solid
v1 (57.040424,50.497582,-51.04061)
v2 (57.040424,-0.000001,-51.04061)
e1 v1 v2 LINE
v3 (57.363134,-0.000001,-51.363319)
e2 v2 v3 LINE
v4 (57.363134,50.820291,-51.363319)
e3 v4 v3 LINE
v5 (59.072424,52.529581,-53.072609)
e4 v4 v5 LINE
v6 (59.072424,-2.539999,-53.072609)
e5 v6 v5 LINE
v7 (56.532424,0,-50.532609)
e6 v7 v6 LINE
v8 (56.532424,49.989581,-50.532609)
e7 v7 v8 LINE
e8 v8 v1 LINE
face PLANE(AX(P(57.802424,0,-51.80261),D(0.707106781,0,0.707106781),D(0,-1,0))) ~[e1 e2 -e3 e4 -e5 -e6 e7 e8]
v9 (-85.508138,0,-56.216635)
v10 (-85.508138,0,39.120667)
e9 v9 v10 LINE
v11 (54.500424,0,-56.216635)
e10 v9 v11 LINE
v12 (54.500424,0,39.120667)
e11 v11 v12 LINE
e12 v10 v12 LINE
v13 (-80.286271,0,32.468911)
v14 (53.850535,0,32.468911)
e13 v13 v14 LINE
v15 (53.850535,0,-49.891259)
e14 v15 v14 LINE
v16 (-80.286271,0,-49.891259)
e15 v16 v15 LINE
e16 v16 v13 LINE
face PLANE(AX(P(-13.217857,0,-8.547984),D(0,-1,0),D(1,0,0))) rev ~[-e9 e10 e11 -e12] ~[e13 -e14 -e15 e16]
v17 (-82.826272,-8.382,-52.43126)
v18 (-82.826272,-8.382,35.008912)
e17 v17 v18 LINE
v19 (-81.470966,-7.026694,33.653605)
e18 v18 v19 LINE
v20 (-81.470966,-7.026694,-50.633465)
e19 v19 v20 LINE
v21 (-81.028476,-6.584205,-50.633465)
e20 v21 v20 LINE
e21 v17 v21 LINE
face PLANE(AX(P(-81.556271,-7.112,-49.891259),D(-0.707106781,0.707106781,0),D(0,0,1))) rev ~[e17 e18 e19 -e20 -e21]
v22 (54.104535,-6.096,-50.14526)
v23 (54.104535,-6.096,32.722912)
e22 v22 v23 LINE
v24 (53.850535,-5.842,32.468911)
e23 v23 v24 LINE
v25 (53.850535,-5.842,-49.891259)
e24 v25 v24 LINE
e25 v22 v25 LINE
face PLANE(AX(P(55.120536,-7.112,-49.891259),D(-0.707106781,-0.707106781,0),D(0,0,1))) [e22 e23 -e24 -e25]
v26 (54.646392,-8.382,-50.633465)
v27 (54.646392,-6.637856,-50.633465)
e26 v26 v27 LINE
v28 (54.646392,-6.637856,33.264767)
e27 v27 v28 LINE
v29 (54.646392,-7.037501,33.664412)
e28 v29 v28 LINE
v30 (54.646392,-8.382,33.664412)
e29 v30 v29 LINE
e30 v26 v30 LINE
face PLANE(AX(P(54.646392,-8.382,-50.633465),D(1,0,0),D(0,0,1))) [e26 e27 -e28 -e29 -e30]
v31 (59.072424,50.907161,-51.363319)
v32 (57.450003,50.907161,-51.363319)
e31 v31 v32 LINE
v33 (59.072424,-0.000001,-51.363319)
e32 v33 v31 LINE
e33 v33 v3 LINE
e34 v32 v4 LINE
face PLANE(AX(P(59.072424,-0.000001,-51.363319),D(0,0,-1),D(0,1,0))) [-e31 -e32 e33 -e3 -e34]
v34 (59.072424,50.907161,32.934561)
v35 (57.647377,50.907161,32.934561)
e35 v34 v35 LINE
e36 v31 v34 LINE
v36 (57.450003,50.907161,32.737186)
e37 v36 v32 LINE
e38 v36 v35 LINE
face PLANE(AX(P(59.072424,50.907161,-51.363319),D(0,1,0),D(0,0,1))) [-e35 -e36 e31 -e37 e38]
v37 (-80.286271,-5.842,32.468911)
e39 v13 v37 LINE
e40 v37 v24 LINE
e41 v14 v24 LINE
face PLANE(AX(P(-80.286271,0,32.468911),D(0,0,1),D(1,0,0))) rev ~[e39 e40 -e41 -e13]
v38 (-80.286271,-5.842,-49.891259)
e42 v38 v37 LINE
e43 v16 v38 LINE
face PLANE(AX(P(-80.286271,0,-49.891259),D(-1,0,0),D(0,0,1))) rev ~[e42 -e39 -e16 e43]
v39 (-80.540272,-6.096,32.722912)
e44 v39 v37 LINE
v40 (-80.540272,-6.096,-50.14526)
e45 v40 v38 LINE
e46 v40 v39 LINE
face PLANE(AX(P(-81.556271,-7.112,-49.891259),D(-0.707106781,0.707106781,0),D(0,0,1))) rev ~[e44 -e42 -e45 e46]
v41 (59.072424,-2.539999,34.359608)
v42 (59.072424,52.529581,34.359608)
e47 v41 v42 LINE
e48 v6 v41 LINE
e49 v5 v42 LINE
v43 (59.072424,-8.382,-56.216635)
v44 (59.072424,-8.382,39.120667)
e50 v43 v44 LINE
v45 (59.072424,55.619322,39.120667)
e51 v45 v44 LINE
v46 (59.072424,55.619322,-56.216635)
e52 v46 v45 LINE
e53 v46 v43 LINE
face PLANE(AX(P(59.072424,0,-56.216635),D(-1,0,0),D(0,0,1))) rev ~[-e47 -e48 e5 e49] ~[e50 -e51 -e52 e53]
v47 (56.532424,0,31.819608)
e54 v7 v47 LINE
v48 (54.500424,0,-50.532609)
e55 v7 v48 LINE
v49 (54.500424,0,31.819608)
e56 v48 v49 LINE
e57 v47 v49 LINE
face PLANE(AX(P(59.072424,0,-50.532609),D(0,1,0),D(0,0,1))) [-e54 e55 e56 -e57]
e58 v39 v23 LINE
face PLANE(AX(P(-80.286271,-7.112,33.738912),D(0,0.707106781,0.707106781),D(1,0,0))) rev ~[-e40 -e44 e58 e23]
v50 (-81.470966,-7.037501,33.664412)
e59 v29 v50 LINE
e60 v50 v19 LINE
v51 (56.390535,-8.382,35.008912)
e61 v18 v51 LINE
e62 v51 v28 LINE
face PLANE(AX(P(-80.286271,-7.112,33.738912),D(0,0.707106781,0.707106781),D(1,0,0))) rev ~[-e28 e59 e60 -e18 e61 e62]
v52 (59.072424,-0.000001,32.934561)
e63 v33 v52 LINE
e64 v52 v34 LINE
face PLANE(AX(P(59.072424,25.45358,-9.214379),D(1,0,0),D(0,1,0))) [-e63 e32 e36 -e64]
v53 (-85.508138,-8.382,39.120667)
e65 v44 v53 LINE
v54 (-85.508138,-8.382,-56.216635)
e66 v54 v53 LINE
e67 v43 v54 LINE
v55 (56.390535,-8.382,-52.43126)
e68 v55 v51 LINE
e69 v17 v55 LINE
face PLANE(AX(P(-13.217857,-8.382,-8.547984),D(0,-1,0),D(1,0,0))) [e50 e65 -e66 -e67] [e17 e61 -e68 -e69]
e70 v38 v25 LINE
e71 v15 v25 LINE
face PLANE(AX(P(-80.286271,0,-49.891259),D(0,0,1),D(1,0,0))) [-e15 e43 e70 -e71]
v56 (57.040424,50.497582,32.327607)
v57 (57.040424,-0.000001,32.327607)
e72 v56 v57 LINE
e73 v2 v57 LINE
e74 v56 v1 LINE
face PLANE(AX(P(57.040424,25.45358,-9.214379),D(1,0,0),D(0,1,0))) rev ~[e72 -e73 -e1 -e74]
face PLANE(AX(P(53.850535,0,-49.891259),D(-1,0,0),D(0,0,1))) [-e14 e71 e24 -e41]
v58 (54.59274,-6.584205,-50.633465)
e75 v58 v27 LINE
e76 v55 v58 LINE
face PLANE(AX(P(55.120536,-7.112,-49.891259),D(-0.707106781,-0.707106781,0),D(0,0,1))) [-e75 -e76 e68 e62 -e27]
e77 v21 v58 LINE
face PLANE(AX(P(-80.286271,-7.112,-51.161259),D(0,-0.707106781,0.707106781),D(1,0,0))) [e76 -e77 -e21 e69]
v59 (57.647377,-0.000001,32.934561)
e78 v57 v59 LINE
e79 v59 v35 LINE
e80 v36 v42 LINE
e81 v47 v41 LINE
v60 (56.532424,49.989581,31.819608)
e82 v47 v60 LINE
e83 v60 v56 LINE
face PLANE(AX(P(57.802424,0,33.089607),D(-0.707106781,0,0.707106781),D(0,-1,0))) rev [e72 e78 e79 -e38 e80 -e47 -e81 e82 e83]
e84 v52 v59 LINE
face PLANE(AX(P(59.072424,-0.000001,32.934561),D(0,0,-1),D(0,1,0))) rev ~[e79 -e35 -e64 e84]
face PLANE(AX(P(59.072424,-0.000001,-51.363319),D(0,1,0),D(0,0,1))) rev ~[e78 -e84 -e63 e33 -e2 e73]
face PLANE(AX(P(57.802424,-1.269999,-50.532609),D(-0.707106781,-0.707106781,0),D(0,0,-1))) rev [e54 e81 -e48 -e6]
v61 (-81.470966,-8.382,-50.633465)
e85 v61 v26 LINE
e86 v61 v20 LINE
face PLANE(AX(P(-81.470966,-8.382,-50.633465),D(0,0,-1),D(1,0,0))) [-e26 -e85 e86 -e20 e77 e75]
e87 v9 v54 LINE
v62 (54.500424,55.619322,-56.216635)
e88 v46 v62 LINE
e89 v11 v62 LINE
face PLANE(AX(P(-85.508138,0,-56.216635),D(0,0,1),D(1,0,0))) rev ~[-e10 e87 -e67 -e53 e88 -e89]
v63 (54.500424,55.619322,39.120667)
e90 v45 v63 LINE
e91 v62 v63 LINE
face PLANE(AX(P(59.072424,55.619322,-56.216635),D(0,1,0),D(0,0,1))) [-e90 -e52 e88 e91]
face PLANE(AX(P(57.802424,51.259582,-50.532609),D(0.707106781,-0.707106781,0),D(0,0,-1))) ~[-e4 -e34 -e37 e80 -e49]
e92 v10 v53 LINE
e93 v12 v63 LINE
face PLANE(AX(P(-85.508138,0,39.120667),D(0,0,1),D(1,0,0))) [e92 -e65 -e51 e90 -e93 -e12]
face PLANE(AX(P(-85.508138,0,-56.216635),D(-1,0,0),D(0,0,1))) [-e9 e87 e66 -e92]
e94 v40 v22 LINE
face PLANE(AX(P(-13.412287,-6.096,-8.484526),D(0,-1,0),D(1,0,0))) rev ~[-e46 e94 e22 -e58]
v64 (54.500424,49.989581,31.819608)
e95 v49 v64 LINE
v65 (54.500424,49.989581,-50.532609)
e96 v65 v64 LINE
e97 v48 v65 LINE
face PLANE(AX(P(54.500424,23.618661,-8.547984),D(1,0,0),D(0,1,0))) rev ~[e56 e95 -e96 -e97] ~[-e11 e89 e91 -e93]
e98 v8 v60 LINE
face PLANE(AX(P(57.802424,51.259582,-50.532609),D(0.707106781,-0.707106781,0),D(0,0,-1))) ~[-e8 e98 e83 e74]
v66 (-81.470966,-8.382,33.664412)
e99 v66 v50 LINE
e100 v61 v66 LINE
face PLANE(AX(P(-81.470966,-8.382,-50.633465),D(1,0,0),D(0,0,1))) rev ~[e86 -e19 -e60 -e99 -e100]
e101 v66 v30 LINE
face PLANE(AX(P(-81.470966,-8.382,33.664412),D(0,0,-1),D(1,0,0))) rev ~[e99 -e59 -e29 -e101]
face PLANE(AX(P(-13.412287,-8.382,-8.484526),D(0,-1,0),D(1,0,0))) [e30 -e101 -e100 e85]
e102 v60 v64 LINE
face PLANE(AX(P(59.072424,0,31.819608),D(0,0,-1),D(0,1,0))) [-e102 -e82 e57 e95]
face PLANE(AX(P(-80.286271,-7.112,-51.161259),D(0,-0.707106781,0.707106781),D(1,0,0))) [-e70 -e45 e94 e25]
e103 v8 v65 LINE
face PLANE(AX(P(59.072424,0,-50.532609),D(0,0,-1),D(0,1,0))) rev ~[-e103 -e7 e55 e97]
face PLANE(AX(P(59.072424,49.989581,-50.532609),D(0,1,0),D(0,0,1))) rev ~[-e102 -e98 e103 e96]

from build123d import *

# Parameters (mm, degrees)
F0_W     = 144.580562
F0_H     = 95.337302
F0_W_2   = 134.136807
F0_H_2   = 82.360171
F1_DEPTH = 8.382
F2_W     = 64.001322
F2_H     = 95.337302
F2_W_2   = 49.989581
F2_H_2   = 82.352217
F3_DEPTH = 4.572
F4_SIZE  = 2.54
F5_W     = 50.907161
F5_H     = 84.29788
F6_DEPTH = 2.032
F7_SIZE  = 2.54
F8_W     = 136.117357
F8_H     = 84.297877
F9_DEPTH = 2.286


with BuildPart() as f1:
    # F0 (on Front) → F1 (new body)
    with BuildSketch(Plane.XZ):
        with Locations((-13.217857, -8.547984)):
            Rectangle(F0_W, F0_H)
        with Locations((-13.217868, -8.711174)):
            Rectangle(F0_W_2, F0_H_2, mode=Mode.SUBTRACT)
    extrude(amount=F1_DEPTH)

    # F2 (on face) → F3 (join)
    with BuildSketch(Plane.YZ.offset(59.072424)):
        with Locations((23.618661, -8.547984)):
            Rectangle(F2_W, F2_H)
        with Locations((24.994791, -9.356501)):
            Rectangle(F2_W_2, F2_H_2, mode=Mode.SUBTRACT)
    extrude(amount=-F3_DEPTH)

    # F4
    f4_edges = [f1.edges().sort_by_distance(p)[0] for p in [
        (59.072424, 0, -9.356501),
        (59.072424, 24.994791, 31.819608),
        (59.072424, 49.989581, -9.356501),
        (59.072424, 24.994791, -50.532609),
    ]]
    chamfer(f4_edges, length=F4_SIZE)

    # F5 (on face) → F6 (join)
    with BuildSketch(Plane.YZ.offset(59.072424)):
        with Locations((25.45358, -9.214379)):
            Rectangle(F5_W, F5_H)
    extrude(amount=-F6_DEPTH)

    # F7
    f7_edges = [f1.edges().sort_by_distance(p)[0] for p in [
        (-13.217868, -8.382, 32.468911),
        (-80.286272, -8.382, -8.711174),
        (-13.217868, -8.382, -49.89126),
        (53.850535, -8.382, -8.711174),
    ]]
    chamfer(f7_edges, length=F7_SIZE)

    # F8 (on face) → F9 (join)
    with BuildSketch(Plane.XZ.offset(8.382)):
        with Locations((-13.412287, -8.484526)):
            Rectangle(F8_W, F8_H)
    extrude(amount=-F9_DEPTH)


solid = f1.part
